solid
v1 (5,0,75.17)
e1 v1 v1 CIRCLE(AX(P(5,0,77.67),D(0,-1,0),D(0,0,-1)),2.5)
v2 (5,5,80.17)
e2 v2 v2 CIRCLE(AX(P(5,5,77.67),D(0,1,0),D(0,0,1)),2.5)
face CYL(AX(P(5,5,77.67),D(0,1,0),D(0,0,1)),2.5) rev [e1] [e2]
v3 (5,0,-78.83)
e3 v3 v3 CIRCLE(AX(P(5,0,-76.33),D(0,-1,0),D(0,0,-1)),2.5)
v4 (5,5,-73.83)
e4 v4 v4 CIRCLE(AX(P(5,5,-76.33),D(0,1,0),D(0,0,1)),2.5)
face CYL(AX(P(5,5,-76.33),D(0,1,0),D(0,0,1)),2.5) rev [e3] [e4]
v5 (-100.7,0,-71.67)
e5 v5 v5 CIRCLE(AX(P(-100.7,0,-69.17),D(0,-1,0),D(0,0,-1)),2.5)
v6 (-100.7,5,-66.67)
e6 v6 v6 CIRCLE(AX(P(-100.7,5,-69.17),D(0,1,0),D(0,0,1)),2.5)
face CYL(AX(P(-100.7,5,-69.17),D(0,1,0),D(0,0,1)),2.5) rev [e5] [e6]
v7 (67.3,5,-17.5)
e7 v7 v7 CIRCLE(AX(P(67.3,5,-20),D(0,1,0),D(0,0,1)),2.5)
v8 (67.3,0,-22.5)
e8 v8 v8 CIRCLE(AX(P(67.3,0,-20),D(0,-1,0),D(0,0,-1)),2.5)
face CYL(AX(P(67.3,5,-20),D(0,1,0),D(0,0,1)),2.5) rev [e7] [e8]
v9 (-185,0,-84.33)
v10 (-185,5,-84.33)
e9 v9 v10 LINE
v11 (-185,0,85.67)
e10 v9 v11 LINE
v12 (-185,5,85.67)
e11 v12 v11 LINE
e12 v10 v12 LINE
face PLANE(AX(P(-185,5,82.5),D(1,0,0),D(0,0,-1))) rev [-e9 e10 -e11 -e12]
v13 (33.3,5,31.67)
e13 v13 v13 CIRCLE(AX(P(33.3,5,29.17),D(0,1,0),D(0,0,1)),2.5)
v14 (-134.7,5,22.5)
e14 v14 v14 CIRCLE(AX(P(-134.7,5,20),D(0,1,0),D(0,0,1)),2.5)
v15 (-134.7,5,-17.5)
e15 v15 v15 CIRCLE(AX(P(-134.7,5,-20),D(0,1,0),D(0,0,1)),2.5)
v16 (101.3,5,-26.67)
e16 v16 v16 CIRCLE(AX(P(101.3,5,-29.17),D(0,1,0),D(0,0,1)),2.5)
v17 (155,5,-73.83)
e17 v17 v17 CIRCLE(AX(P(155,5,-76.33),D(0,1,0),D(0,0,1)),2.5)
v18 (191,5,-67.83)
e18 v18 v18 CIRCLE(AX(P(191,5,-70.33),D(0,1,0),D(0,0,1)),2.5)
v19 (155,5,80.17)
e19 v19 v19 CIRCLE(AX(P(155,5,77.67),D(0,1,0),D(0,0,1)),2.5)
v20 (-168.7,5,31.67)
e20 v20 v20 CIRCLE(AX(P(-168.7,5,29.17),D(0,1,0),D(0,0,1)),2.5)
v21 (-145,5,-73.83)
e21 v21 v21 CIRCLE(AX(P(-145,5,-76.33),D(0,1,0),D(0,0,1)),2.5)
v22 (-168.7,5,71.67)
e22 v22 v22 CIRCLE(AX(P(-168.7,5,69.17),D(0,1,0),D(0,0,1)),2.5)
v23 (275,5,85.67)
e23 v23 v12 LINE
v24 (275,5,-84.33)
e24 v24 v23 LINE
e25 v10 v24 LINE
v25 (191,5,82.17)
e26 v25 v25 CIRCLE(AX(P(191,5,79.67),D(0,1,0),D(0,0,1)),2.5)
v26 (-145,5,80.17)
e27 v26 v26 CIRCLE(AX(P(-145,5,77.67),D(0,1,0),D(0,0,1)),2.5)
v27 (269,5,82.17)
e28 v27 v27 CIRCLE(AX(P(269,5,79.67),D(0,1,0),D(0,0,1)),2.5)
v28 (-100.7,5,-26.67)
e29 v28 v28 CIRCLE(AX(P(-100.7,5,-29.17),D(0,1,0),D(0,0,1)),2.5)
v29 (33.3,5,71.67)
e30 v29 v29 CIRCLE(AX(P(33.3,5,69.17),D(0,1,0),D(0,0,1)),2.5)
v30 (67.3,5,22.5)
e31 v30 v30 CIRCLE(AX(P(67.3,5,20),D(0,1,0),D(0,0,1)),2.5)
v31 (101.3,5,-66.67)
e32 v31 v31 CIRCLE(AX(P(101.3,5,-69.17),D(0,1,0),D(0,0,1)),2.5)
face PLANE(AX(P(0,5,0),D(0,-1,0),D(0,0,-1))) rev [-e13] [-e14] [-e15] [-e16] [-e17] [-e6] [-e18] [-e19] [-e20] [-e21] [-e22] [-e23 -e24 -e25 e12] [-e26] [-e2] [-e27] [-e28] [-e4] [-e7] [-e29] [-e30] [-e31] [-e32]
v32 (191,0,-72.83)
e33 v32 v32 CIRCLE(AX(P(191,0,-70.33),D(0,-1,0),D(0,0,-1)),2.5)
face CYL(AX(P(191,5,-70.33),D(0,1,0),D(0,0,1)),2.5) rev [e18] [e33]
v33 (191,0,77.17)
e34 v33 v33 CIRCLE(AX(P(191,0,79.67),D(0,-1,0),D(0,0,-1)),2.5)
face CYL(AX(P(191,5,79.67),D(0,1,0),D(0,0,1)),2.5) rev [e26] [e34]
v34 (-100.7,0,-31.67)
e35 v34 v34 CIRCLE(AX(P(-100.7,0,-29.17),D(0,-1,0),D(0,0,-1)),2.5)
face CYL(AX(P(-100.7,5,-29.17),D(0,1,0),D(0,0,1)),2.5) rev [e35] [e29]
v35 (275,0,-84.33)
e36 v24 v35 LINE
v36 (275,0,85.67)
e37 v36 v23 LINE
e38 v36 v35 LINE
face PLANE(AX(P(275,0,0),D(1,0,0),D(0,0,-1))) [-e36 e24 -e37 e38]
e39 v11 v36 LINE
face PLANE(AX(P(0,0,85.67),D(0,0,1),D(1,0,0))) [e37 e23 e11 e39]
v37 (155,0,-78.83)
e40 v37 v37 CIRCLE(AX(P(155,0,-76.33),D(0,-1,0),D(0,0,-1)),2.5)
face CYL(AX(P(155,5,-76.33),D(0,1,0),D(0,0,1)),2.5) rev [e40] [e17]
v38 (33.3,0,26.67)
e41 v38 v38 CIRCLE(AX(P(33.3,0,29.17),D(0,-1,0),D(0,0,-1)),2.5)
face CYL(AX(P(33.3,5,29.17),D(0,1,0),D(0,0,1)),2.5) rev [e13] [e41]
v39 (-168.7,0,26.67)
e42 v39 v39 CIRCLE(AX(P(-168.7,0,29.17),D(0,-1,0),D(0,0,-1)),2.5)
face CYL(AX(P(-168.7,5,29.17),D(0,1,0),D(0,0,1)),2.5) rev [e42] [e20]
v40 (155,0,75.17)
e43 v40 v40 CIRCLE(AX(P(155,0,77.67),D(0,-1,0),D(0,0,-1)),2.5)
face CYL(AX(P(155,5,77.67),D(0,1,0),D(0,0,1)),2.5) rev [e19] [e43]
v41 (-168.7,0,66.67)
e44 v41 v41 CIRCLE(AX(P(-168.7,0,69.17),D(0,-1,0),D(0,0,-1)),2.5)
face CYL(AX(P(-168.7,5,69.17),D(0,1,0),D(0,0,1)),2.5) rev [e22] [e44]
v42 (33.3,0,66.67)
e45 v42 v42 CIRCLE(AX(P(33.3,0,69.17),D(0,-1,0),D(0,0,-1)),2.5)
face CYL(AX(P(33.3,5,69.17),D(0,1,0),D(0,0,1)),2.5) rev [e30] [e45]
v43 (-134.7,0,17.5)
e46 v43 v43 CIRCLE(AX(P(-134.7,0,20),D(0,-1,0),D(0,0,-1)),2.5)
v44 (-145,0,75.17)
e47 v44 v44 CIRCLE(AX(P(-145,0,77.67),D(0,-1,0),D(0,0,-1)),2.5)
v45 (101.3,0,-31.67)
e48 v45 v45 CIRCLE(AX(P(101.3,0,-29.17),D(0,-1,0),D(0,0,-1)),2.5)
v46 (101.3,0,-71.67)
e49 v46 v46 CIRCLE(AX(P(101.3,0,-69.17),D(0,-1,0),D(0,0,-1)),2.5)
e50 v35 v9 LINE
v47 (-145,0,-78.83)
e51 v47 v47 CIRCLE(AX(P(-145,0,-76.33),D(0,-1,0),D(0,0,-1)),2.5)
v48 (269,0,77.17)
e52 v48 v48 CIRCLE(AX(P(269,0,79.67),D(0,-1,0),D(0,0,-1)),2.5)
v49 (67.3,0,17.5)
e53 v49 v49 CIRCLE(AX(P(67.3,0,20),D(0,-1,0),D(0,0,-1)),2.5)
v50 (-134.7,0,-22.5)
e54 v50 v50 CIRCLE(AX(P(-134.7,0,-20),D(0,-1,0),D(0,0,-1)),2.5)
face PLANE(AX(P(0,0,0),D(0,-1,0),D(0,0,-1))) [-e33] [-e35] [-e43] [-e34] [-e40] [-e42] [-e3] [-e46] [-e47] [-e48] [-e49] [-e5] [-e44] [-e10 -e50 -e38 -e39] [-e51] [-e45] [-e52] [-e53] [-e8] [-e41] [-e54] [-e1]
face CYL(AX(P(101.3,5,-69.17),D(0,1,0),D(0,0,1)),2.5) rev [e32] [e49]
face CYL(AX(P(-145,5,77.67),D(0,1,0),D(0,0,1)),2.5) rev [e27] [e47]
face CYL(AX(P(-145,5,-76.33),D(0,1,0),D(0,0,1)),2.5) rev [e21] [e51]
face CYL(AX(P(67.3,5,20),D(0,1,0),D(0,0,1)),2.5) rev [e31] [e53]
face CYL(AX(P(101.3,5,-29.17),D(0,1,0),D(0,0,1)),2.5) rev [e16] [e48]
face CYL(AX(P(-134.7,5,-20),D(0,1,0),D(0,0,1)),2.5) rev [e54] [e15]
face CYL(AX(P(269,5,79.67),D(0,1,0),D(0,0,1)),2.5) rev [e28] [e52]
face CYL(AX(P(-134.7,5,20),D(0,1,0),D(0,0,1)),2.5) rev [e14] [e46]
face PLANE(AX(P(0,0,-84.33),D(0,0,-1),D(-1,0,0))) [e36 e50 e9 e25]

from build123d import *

# Parameters (mm, degrees)
SKIZZE1_W                       = 370
SKIZZE1_H                       = 165
AUFSATZ_LINEAR_AUSTRAGEN1_DEPTH = 5
M6_GEWINDEBOHRUNG1_D            = 5
M6_GEWINDEBOHRUNG1_DEPTH        = 5
SKIZZE5_W                       = 165
SKIZZE5_H                       = 5
AUFSATZ_LINEAR_AUSTRAGEN2_DEPTH = 90
SKIZZE9_W                       = 460
SKIZZE9_H                       = 5
AUFSATZ_LINEAR_AUSTRAGEN3_DEPTH = 3.17
M6_GEWINDEBOHRUNG2_D            = 5
M6_GEWINDEBOHRUNG2_DEPTH        = 5
SKIZZE12_W                      = 460
SKIZZE12_H                      = 5
AUFSATZ_LINEAR_AUSTRAGEN4_DEPTH = 1.83
M6_GEWINDEBOHRUNG3_D            = 5
M6_GEWINDEBOHRUNG3_DEPTH        = 5


with BuildPart() as part:
    # Skizze1 → Aufsatz-Linear austragen1 (new body)
    with BuildSketch(Plane(origin=(0, 0, 0), x_dir=(1, 0, 0), z_dir=(0, 1, 0))):
        Rectangle(SKIZZE1_W, SKIZZE1_H)
    extrude(amount=AUFSATZ_LINEAR_AUSTRAGEN1_DEPTH)

    # M6 Gewindebohrung1
    with Locations(Plane(origin=(0, 5, 0), x_dir=(1, 0, 0), z_dir=(0, 1, 0))):
        with Locations((67.3, -20), (67.3, 20), (-134.7, -20), (-134.7, 20), (101.3, 69.17), (-100.7, 29.17), (101.3, 29.17), (-100.7, 69.17), (33.3, -69.17), (-168.7, -29.17), (33.3, -29.17), (-168.7, -69.17)):
            Hole(M6_GEWINDEBOHRUNG1_D / 2, depth=M6_GEWINDEBOHRUNG1_DEPTH)

    # Skizze5 → Aufsatz-Linear austragen2 (add)
    with BuildSketch(Plane(origin=(185, 0, 0), x_dir=(0, 0, -1), z_dir=(1, 0, 0))):
        with Locations((0, 2.5)):
            Rectangle(SKIZZE5_W, SKIZZE5_H)
    extrude(amount=AUFSATZ_LINEAR_AUSTRAGEN2_DEPTH)

    # Skizze9 → Aufsatz-Linear austragen3 (add)
    with BuildSketch(Plane.XY.offset(82.5)):
        with Locations((45, 2.5)):
            Rectangle(SKIZZE9_W, SKIZZE9_H)
    extrude(amount=AUFSATZ_LINEAR_AUSTRAGEN3_DEPTH)

    # M6 Gewindebohrung2
    with Locations(Plane(origin=(0, 5, 0), x_dir=(1, 0, 0), z_dir=(0, 1, 0))):
        with Locations((191, 70.33), (191, -79.67), (269, -79.67)):
            Hole(M6_GEWINDEBOHRUNG2_D / 2, depth=M6_GEWINDEBOHRUNG2_DEPTH)

    # Skizze12 → Aufsatz-Linear austragen4 (add)
    with BuildSketch(Plane(origin=(0, 0, -82.5), x_dir=(-1, 0, 0), z_dir=(0, 0, -1))):
        with Locations((-45, 2.5)):
            Rectangle(SKIZZE12_W, SKIZZE12_H)
    extrude(amount=AUFSATZ_LINEAR_AUSTRAGEN4_DEPTH)

    # M6 Gewindebohrung3
    with Locations(Plane(origin=(0, 5, 0), x_dir=(1, 0, 0), z_dir=(0, 1, 0))):
        with Locations((-145, -77.67), (-145, 76.33), (5, -77.67), (5, 76.33), (155, -77.67), (155, 76.33)):
            Hole(M6_GEWINDEBOHRUNG3_D / 2, depth=M6_GEWINDEBOHRUNG3_DEPTH)


solid = part.part
